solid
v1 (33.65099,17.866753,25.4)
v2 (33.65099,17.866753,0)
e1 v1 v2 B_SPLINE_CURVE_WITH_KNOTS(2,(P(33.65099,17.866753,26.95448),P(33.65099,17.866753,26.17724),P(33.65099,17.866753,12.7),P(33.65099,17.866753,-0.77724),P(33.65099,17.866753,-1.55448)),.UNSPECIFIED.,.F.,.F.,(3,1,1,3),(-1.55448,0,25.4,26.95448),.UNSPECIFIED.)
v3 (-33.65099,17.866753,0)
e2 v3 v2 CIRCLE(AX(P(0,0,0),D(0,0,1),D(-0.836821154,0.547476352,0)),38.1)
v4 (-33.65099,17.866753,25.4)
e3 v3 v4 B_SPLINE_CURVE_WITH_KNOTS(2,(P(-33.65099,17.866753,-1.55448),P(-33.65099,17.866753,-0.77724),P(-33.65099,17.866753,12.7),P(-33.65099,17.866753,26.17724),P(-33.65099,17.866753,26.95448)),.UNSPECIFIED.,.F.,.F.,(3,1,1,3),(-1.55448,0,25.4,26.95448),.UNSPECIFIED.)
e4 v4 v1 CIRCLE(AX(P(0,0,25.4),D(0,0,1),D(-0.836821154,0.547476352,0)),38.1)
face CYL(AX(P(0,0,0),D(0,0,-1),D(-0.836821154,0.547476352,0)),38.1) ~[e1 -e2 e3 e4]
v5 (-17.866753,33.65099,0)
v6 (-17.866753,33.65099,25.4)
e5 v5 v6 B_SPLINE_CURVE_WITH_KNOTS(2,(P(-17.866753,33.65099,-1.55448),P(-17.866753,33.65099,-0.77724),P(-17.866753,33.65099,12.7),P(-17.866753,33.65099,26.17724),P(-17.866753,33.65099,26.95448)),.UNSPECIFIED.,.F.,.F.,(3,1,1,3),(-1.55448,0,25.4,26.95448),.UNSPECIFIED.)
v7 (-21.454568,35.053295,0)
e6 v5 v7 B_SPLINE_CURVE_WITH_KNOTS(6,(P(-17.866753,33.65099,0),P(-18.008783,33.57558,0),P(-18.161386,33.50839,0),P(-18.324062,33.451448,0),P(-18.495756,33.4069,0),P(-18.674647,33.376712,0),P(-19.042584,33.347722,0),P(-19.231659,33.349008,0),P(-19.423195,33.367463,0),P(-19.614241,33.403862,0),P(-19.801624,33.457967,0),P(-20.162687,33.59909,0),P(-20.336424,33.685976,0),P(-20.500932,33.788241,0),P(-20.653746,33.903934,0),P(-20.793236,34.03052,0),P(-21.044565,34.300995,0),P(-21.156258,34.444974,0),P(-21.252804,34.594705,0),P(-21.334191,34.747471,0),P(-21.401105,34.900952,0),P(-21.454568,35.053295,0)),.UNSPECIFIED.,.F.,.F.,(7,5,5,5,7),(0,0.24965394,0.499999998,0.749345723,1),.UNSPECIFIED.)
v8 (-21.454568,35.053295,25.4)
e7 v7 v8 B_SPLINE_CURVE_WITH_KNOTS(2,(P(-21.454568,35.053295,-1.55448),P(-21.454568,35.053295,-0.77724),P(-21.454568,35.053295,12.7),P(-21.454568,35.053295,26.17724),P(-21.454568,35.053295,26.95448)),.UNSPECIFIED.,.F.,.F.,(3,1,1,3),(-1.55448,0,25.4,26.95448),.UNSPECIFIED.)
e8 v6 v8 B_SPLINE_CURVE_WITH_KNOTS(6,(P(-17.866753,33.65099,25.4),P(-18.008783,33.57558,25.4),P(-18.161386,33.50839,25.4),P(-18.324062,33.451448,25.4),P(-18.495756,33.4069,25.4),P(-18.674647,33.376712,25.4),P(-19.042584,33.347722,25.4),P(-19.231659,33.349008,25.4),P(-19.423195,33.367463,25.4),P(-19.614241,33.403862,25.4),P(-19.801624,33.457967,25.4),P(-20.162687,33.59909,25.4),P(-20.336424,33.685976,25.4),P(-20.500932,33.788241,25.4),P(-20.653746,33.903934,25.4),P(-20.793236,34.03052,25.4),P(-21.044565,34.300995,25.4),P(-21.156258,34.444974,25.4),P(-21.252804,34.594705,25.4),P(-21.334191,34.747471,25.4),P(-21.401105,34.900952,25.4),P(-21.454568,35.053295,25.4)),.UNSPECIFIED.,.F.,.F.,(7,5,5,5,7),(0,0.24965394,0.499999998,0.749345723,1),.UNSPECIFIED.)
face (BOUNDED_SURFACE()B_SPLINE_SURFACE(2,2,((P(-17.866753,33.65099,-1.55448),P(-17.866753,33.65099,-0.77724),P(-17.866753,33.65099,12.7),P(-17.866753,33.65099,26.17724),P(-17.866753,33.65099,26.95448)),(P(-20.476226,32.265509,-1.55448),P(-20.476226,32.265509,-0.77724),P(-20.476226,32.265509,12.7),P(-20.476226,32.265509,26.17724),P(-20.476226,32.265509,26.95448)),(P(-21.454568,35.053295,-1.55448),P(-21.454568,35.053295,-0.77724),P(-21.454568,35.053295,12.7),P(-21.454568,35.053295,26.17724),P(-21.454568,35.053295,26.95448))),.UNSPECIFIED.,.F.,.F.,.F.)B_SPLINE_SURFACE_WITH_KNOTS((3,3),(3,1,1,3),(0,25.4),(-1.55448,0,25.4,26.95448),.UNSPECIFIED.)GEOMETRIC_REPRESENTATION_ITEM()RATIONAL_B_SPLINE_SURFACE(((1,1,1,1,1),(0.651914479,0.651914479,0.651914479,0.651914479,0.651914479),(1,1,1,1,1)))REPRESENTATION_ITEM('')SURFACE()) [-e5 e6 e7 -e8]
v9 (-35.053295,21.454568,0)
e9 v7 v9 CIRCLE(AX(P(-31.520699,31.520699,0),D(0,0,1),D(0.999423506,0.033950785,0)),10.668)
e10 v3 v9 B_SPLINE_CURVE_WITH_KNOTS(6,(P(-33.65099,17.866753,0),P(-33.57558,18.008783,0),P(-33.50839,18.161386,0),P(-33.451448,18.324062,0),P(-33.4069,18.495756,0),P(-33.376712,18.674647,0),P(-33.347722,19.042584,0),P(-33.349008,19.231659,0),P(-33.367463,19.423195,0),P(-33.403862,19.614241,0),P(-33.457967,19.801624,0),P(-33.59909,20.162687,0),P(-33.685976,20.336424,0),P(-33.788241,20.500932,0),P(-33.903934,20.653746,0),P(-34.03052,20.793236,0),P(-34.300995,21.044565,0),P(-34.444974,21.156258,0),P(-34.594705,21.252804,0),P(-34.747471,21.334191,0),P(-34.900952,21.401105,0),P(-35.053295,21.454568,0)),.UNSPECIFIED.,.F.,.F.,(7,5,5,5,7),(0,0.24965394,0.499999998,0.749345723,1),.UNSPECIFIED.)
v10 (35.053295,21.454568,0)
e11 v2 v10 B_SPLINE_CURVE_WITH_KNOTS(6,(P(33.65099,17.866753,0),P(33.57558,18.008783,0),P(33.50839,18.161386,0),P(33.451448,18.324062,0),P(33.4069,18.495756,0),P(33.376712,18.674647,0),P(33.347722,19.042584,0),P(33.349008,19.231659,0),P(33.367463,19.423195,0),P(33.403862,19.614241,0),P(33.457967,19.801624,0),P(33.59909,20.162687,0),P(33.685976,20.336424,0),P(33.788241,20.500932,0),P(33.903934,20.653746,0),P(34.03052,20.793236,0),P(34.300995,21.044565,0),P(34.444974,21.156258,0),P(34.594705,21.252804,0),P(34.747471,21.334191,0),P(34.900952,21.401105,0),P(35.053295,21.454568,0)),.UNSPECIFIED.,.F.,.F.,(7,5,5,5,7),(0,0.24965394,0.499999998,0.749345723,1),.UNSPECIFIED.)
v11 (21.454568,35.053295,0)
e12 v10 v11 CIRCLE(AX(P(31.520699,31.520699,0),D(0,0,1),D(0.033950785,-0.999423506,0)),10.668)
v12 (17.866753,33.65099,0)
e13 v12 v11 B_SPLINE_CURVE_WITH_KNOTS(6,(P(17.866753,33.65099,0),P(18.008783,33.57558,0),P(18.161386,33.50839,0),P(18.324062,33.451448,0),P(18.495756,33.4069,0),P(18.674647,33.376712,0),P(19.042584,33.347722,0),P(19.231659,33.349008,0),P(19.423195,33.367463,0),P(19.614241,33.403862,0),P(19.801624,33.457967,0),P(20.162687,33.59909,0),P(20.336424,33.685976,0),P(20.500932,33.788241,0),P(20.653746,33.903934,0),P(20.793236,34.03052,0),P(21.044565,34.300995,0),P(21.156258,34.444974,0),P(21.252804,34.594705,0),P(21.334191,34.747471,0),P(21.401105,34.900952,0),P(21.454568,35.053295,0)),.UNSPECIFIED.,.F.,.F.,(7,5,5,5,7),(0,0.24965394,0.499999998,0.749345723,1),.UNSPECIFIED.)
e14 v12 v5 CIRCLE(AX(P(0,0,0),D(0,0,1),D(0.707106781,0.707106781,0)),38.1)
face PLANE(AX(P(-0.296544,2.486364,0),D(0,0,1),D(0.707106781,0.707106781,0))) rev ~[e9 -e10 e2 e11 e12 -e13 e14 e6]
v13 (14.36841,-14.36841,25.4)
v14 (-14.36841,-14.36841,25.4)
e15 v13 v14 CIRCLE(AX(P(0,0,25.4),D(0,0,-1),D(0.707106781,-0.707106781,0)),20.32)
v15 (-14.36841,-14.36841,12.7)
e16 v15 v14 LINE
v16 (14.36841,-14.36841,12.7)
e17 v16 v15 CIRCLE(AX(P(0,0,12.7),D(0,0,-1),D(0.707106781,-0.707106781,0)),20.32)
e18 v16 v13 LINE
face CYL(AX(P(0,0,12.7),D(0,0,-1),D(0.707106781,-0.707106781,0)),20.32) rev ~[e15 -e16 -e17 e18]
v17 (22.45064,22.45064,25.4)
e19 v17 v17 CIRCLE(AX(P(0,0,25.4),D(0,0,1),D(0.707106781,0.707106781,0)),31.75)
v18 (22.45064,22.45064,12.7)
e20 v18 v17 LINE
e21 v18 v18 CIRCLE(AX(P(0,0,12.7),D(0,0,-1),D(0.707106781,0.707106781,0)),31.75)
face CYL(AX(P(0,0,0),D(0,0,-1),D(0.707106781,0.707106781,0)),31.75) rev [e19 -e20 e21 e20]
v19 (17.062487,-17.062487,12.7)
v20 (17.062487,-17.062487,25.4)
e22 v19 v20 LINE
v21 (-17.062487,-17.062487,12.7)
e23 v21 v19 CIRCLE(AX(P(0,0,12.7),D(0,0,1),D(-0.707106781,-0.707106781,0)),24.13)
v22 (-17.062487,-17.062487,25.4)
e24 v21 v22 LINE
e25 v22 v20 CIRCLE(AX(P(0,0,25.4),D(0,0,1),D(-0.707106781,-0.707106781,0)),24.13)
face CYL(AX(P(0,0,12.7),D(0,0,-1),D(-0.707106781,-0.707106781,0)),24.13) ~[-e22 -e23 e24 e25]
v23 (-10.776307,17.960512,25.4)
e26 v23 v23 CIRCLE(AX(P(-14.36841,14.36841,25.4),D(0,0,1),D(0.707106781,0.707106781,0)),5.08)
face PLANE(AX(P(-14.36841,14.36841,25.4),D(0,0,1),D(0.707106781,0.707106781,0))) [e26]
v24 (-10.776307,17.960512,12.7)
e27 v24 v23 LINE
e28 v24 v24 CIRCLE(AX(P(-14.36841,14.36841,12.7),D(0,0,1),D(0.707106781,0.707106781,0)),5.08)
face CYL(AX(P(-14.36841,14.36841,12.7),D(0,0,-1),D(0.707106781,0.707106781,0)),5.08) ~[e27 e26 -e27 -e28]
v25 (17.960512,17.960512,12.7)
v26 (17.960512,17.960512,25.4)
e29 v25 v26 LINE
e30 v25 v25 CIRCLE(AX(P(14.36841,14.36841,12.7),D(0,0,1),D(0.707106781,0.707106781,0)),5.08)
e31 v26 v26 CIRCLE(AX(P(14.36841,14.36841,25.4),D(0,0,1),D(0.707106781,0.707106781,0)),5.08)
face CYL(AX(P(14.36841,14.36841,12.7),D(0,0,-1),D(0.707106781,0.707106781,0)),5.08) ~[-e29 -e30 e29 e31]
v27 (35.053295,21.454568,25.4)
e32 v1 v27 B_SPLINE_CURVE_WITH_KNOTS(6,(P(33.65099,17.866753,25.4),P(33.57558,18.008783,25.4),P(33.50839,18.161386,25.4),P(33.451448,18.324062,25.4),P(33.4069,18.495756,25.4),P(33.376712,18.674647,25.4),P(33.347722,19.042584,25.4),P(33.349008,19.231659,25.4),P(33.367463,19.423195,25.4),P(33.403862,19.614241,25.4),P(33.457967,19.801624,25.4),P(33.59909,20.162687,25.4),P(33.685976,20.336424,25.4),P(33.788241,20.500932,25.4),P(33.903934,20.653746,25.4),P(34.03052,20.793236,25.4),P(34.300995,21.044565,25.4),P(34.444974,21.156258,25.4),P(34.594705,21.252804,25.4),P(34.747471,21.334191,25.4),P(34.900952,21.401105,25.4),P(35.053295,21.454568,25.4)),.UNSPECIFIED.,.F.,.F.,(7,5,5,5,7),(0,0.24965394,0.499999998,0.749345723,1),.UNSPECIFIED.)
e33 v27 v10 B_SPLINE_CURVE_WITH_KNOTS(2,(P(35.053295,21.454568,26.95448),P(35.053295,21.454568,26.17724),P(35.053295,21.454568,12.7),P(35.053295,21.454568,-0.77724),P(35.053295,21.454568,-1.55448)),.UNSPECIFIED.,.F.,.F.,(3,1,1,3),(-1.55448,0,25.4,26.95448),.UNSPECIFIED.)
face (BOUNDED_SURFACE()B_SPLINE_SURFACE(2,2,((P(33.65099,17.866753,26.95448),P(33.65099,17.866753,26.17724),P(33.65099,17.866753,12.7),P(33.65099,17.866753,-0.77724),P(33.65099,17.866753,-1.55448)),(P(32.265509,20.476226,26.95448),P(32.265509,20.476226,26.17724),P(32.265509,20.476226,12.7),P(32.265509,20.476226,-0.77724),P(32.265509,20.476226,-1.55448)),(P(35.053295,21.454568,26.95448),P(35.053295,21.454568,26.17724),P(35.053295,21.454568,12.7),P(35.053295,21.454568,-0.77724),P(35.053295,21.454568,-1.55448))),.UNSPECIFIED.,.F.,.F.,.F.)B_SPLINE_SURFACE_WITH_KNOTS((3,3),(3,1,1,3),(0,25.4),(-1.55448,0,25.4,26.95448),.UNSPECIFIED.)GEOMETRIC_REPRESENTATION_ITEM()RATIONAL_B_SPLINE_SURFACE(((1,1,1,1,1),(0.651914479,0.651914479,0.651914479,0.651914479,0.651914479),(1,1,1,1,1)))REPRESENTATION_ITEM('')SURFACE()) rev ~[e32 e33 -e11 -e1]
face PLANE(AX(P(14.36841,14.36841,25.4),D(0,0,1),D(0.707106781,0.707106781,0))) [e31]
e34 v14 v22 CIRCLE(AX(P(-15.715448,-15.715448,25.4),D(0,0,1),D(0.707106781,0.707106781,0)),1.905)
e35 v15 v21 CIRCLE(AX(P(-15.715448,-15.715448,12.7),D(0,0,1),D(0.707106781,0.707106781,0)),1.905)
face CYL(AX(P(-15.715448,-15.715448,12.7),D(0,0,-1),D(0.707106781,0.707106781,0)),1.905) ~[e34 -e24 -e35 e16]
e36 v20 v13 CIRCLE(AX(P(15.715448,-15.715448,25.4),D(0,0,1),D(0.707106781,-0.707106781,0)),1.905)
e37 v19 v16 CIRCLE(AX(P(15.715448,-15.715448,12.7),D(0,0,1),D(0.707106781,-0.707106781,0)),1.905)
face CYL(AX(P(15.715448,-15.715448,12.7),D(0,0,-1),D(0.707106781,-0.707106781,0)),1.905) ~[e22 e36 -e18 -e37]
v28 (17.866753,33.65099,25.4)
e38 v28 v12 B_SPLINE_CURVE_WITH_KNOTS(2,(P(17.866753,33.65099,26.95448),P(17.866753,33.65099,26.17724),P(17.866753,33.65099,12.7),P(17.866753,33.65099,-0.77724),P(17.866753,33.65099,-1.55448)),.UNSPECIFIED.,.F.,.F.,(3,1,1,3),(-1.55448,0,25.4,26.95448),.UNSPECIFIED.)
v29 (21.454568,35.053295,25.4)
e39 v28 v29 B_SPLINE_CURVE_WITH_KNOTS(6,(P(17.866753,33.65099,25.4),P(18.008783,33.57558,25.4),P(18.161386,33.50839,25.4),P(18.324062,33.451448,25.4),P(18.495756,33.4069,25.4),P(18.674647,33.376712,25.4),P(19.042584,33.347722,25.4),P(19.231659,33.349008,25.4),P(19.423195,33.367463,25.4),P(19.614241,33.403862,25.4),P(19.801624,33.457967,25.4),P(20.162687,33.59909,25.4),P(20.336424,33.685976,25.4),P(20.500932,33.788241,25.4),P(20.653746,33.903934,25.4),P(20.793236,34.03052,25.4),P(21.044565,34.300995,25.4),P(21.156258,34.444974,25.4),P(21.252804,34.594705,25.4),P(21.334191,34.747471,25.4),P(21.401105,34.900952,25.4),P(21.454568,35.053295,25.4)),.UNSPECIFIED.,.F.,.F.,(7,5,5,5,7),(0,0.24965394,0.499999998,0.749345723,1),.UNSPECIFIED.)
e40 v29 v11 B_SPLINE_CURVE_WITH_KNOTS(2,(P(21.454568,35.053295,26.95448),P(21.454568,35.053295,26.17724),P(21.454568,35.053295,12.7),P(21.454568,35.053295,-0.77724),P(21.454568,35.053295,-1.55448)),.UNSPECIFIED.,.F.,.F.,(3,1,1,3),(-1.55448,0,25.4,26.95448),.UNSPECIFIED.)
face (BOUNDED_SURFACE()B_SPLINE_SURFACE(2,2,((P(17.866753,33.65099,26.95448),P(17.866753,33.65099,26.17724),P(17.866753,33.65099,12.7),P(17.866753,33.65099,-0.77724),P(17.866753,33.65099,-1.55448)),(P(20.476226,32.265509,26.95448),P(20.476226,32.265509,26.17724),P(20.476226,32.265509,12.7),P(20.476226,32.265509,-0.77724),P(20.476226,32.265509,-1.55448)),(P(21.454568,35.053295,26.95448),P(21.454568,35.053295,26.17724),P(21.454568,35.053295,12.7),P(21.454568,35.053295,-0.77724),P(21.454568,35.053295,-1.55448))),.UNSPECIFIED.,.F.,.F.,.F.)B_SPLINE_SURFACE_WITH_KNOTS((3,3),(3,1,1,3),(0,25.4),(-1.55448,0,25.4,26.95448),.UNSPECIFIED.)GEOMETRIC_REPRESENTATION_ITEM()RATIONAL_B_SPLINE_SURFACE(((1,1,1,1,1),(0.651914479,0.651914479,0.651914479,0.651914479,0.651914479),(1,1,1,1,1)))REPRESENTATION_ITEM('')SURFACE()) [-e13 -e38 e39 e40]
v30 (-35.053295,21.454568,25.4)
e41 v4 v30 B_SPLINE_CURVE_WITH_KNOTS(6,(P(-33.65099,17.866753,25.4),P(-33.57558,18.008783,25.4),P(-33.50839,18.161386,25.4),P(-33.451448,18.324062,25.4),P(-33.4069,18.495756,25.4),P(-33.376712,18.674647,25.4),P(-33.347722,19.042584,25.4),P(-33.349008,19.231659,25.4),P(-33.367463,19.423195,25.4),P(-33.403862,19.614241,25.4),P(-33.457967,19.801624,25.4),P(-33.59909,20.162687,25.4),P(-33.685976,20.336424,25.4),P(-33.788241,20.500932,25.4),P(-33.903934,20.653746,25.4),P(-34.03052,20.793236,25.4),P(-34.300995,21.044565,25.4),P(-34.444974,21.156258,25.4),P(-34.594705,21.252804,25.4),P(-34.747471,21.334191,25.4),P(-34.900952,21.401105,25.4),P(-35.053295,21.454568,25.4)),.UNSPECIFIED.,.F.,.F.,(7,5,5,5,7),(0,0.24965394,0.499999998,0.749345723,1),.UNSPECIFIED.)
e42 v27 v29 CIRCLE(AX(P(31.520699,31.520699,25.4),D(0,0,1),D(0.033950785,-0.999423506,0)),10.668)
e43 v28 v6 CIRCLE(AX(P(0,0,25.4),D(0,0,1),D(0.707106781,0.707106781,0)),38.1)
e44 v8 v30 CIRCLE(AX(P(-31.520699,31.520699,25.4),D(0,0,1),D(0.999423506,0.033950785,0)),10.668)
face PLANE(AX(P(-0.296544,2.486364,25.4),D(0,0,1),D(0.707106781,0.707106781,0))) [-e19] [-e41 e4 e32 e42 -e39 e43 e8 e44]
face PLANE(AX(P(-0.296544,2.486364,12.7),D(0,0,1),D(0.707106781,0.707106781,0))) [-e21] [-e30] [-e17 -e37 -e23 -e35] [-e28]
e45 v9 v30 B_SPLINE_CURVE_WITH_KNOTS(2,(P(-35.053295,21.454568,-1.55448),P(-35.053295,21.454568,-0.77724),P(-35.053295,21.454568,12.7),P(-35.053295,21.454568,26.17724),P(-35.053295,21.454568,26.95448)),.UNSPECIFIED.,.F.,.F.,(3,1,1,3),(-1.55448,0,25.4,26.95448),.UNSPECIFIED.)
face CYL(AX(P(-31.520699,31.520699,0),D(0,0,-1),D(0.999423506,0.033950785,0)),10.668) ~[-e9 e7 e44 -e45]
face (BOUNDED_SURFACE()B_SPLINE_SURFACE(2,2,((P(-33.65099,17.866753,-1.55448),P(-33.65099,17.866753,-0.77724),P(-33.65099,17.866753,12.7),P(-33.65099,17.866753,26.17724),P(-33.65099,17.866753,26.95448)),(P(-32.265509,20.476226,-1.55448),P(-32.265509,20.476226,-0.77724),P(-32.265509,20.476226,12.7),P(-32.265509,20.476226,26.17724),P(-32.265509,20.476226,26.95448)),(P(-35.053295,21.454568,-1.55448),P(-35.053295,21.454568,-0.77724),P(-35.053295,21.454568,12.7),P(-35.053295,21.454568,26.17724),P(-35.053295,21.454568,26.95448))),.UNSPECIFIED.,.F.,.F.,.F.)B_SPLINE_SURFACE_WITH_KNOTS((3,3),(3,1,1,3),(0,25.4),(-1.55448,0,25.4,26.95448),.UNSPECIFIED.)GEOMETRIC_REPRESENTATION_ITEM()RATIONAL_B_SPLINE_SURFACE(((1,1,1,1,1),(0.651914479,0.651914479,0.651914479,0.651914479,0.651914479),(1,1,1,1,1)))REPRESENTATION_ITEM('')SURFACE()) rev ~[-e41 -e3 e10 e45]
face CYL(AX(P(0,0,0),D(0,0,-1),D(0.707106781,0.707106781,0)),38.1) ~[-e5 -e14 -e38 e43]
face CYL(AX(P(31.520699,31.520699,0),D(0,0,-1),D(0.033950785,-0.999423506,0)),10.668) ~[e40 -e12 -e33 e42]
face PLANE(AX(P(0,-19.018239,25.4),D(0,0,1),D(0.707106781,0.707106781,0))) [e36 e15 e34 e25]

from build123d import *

# Parameters (mm, degrees)
F0_R     = 31.75
F2_DEPTH = 12.7
F3_R     = 5.08
F4_DEPTH = 12.7
F5_DEPTH = 25.4
F6_ANGLE = 45
F7_R     = 2.54


with BuildPart() as f2:
    # F0 (on Top) → F2 (new body)
    with BuildSketch(Plane.XY):
        with BuildLine():
            ThreePointArc((37.2940384615, -7.7951712765), (37.8979739919, -3.9183628351), (38.1, 0))
            ThreePointArc((38.1, 0), (37.8979739919, 3.9183628351), (37.2940384615, 7.7951712765))
            ThreePointArc((37.2940384615, 7.7951712765), (26.9407683632, 26.9407683632), (7.7951712765, 37.2940384615))
            ThreePointArc((7.7951712765, 37.2940384615), (0, 38.1), (-7.7951712765, 37.2940384615))
            ThreePointArc((-7.7951712765, 37.2940384615), (-26.9407683632, -26.9407683632), (37.2940384615, -7.7951712765))
        make_face()
        Circle(F0_R, mode=Mode.SUBTRACT)
        with BuildLine():
            ThreePointArc((37.2940384615, 7.7951712765), (37.8979739919, 3.9183628351), (38.1, 0))
            ThreePointArc((38.1, 0), (37.8979739919, -3.9183628351), (37.2940384615, -7.7951712765))
            ThreePointArc((37.2940384615, -7.7951712765), (55.245, 0), (37.2940384615, 7.7951712765))
        make_face()
        with BuildLine():
            ThreePointArc((-7.7951712765, 37.2940384615), (0, 38.1), (7.7951712765, 37.2940384615))
            ThreePointArc((7.7951712765, 37.2940384615), (0, 55.245), (-7.7951712765, 37.2940384615))
        make_face()
        Circle(F0_R)
    extrude(amount=F2_DEPTH)

    # F3 (on face) → F4 (join)
    with BuildSketch(Plane.XY.offset(12.7)):
        with Locations((0, 20.32)):
            Circle(F3_R)
        with Locations((20.32, 0)):
            Circle(F3_R)
        with BuildLine():
            ThreePointArc((0, -24.13), (1.905, -22.225), (0, -20.32))
            ThreePointArc((0, -20.32), (-14.3684097937, -14.3684097937), (-20.32, 0))
            ThreePointArc((-20.32, 0), (-22.225, 1.905), (-24.13, 0))
            ThreePointArc((-24.13, 0), (-17.06248663, -17.06248663), (0, -24.13))
        make_face()
    extrude(amount=F4_DEPTH)

    # F0 (on Top) → F5 (join)
    with BuildSketch(Plane.XY):
        with BuildLine():
            ThreePointArc((37.2940384615, -7.7951712765), (37.8979739919, -3.9183628351), (38.1, 0))
            ThreePointArc((38.1, 0), (37.8979739919, 3.9183628351), (37.2940384615, 7.7951712765))
            ThreePointArc((37.2940384615, 7.7951712765), (26.9407683632, 26.9407683632), (7.7951712765, 37.2940384615))
            ThreePointArc((7.7951712765, 37.2940384615), (0, 38.1), (-7.7951712765, 37.2940384615))
            ThreePointArc((-7.7951712765, 37.2940384615), (-26.9407683632, -26.9407683632), (37.2940384615, -7.7951712765))
        make_face()
        Circle(F0_R, mode=Mode.SUBTRACT)
        with BuildLine():
            ThreePointArc((-7.7951712765, 37.2940384615), (0, 38.1), (7.7951712765, 37.2940384615))
            ThreePointArc((7.7951712765, 37.2940384615), (0, 55.245), (-7.7951712765, 37.2940384615))
        make_face()
        with BuildLine():
            ThreePointArc((37.2940384615, 7.7951712765), (37.8979739919, 3.9183628351), (38.1, 0))
            ThreePointArc((38.1, 0), (37.8979739919, -3.9183628351), (37.2940384615, -7.7951712765))
            ThreePointArc((37.2940384615, -7.7951712765), (55.245, 0), (37.2940384615, 7.7951712765))
        make_face()
    extrude(amount=F5_DEPTH)


with BuildPart() as f2_1:
    # F6: moved
    add(f2.part.rotate(Axis((0, 0, 29.6926), (0, 0, 1)), F6_ANGLE))

    # F7
    f7_edges = [f2_1.edges().sort_by_distance(p)[0] for p in [
        (-20.858849, 31.882886, 12.7),
        (-31.882886, 20.858849, 12.7),
        (31.882886, 20.858849, 12.7),
        (20.858849, 31.882886, 12.7),
    ]]
    fillet(f7_edges, radius=F7_R)


solid = f2_1.part
